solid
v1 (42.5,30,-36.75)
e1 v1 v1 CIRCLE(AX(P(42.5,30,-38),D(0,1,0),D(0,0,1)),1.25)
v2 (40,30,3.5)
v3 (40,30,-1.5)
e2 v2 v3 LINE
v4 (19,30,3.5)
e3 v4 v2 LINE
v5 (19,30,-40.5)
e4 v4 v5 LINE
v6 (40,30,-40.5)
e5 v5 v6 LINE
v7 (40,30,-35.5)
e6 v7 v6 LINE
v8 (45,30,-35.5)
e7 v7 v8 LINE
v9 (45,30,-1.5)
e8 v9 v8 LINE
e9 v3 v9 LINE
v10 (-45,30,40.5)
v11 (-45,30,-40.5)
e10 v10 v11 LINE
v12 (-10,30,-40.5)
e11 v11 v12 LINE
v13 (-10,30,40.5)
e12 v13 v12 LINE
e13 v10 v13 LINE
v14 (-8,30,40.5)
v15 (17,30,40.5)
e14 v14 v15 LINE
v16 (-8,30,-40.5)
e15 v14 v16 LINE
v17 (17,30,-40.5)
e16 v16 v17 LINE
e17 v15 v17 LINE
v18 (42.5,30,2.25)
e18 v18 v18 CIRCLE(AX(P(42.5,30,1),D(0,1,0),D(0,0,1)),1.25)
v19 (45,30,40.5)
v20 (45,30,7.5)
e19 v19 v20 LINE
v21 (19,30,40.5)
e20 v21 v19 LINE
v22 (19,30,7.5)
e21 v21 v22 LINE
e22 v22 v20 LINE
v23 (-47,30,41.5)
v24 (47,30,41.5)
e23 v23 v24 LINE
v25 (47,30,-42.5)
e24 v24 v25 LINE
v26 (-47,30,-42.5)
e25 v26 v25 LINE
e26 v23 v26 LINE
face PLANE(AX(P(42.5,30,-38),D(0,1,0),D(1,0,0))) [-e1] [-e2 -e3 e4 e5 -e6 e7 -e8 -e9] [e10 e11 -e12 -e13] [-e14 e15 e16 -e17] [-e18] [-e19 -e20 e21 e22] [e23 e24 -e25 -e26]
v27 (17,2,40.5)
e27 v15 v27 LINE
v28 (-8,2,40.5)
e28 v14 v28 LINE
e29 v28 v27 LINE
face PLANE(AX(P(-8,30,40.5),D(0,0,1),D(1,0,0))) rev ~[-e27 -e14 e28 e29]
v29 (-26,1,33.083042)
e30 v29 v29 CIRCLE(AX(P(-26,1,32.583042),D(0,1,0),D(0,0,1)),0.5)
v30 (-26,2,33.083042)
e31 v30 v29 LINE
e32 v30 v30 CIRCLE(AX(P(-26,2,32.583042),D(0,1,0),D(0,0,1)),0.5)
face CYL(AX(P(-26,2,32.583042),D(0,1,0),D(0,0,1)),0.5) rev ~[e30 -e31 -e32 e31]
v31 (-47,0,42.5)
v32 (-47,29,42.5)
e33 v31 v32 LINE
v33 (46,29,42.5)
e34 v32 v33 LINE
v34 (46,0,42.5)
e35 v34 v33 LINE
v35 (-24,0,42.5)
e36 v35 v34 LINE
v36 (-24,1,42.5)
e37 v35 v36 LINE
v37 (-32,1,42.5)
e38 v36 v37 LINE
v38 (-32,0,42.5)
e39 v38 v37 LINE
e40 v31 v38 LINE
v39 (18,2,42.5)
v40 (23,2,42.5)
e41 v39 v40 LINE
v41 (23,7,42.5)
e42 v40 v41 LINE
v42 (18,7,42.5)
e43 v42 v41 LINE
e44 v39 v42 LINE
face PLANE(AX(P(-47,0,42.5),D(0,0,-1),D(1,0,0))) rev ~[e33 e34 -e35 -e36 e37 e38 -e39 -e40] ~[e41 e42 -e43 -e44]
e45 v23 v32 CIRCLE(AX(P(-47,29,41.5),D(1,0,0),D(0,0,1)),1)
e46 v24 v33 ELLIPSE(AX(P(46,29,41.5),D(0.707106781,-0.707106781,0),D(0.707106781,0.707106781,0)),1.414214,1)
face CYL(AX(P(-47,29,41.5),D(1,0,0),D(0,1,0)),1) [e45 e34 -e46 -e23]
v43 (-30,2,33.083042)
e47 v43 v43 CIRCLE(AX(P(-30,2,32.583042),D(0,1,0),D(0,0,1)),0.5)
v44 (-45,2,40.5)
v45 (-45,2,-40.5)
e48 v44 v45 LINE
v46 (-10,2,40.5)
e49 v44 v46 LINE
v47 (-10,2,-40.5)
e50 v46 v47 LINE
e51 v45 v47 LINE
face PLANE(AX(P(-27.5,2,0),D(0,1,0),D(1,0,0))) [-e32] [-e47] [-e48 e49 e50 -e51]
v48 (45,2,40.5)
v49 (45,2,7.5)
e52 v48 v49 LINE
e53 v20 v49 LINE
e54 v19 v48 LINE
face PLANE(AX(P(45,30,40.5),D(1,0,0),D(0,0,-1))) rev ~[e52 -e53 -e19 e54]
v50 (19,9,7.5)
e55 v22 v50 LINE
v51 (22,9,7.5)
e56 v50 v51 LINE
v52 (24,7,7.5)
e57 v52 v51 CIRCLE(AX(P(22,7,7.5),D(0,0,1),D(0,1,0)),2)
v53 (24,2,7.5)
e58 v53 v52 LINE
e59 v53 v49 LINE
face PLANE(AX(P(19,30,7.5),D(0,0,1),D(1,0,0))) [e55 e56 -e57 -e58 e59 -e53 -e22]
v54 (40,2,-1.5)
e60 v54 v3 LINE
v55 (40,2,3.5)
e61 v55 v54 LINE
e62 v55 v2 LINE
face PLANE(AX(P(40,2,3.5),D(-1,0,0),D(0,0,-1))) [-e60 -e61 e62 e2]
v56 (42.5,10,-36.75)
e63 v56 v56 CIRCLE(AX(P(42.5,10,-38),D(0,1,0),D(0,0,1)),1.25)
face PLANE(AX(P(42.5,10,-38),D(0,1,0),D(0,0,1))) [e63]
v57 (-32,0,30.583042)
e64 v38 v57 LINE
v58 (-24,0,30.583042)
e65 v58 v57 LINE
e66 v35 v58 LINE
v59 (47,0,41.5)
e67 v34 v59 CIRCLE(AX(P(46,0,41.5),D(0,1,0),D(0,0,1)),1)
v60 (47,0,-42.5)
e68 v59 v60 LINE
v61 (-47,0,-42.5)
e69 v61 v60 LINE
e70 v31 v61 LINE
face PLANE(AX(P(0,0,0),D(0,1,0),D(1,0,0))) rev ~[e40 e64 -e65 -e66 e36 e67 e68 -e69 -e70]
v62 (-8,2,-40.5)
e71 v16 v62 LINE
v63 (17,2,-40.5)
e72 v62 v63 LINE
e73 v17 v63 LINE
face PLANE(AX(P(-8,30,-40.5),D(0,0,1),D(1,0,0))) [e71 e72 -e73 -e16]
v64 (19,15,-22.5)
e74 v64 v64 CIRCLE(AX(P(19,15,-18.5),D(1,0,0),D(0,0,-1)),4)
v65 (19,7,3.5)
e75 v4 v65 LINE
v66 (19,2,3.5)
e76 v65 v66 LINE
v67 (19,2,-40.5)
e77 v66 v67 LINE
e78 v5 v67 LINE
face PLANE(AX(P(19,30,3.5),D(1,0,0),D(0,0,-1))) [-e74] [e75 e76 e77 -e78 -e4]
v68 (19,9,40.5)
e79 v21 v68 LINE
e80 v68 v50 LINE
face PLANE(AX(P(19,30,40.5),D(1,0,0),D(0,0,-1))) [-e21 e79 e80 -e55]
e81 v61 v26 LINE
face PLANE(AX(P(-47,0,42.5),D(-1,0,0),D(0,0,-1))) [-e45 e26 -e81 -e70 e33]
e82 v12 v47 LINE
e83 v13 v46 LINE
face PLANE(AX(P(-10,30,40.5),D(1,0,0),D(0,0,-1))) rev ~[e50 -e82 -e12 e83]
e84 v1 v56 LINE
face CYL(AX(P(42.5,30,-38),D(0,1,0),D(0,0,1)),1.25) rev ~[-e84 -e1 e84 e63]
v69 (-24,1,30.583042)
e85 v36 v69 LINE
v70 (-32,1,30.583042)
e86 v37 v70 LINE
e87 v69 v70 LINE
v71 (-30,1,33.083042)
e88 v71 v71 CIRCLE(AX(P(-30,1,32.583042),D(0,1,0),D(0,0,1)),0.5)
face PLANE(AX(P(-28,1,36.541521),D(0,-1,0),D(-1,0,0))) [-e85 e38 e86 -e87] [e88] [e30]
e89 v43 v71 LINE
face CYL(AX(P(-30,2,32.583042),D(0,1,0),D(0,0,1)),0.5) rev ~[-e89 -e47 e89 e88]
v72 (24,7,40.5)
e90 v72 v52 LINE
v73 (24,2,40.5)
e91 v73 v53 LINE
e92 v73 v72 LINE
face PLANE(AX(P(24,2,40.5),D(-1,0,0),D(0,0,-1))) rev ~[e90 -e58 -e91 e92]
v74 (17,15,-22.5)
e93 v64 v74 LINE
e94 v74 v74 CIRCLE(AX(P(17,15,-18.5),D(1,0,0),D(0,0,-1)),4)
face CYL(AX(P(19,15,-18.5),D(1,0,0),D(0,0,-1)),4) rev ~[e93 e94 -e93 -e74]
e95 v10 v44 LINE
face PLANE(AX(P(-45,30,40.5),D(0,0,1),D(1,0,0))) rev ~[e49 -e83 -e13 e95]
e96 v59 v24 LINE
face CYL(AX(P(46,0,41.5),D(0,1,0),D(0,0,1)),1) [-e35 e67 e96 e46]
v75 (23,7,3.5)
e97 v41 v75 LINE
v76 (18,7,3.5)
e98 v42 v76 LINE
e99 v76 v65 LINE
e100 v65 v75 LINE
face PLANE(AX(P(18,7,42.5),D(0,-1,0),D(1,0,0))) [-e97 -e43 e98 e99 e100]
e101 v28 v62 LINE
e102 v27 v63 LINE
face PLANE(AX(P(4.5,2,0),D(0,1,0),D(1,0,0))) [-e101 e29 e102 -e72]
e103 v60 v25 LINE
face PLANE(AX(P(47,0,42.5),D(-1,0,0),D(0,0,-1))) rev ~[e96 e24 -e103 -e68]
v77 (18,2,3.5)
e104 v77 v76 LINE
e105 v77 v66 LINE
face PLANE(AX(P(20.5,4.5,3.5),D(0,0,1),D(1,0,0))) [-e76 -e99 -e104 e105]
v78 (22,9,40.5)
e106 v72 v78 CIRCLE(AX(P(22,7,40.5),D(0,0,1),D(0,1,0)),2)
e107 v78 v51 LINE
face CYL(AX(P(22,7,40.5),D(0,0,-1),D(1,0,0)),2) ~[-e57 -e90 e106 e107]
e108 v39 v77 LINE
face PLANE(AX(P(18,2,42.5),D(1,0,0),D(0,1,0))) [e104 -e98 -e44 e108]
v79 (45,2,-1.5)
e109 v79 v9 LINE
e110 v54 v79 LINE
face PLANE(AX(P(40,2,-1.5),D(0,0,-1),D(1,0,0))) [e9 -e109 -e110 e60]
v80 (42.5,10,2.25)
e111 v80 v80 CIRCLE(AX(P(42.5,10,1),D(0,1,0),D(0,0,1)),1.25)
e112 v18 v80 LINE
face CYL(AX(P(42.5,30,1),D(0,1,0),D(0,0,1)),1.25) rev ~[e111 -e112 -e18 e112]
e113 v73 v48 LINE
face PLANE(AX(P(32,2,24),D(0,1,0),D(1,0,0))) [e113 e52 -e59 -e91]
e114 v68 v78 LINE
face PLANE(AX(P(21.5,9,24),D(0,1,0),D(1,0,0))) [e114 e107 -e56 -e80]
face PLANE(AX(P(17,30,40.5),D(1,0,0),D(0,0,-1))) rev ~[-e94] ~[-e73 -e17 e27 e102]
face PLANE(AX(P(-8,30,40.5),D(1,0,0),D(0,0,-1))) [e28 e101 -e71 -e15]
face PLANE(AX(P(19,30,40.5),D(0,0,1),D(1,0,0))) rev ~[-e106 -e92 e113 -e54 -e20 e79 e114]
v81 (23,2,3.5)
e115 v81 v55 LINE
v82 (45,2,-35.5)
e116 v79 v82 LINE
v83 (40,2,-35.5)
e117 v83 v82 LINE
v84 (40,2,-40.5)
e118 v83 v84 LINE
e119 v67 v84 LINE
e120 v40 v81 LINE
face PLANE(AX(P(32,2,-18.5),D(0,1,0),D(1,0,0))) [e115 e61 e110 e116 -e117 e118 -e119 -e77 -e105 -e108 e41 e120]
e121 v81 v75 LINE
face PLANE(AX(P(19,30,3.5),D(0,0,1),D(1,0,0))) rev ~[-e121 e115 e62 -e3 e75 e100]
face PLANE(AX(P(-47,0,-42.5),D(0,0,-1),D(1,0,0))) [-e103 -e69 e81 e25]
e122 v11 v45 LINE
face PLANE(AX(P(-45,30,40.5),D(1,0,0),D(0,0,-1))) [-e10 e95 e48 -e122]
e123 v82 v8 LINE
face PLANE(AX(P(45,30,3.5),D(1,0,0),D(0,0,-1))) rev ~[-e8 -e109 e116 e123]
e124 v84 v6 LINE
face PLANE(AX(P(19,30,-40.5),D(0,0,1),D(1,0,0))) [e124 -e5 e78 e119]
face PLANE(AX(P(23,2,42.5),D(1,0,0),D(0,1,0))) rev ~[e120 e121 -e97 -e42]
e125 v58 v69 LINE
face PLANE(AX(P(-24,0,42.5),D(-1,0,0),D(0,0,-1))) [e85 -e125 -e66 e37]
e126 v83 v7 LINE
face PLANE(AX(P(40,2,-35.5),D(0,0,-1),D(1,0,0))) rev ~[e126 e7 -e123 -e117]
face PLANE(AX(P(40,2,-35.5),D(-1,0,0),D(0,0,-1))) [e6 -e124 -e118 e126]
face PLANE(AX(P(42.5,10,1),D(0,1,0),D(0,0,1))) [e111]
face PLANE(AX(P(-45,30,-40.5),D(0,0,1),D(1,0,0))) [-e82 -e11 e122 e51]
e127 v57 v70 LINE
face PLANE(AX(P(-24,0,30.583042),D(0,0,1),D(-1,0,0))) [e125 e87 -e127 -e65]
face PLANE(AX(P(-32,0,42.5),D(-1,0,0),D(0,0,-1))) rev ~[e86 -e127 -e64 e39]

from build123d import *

# Parameters (mm, degrees)
SKETCH1_W           = 94
SKETCH1_H           = 85
BOSS_EXTRUDE1_DEPTH = 30
SKETCH2_W           = 35
SKETCH2_H           = 81
SKETCH2_W_2         = 25
SKETCH2_W_3         = 26
SKETCH2_H_2         = 33
SKETCH2_H_3         = 44
CUT_EXTRUDE1_DEPTH  = 28
SKETCH3_R           = 0.5
CUT_EXTRUDE2_DEPTH  = 28
SKETCH4_W           = 8
SKETCH4_H           = 11.916957973
CUT_EXTRUDE3_DEPTH  = 1
SKETCH5_R           = 4
CUT_EXTRUDE4_DEPTH  = 2
SKETCH6_W           = 5
SKETCH6_H           = 5
BOSS_EXTRUDE3_DEPTH = 28
SKETCH7_R           = 1.25
CUT_EXTRUDE5_DEPTH  = 20
FILLET1_R           = 1
SKETCH9_W           = 5
SKETCH9_H           = 33
BOSS_EXTRUDE4_DEPTH = 7
SKETCH10_W          = 5
SKETCH10_H          = 5
CUT_EXTRUDE7_DEPTH  = 39
FILLET3_R           = 2


with BuildPart() as part:
    # Sketch1 → Boss-Extrude1 (new body)
    with BuildSketch(Plane(origin=(0, 0, 0), x_dir=(1, 0, 0), z_dir=(0, 1, 0))):
        Rectangle(SKETCH1_W, SKETCH1_H)
    extrude(amount=BOSS_EXTRUDE1_DEPTH)

    # Sketch2 → Cut-Extrude1 (cut)
    with BuildSketch(Plane(origin=(0, 30, 0), x_dir=(1, 0, 0), z_dir=(0, 1, 0))):
        with Locations((-27.5, 0)):
            Rectangle(SKETCH2_W, SKETCH2_H)
        with Locations((4.5, 0)):
            Rectangle(SKETCH2_W_2, SKETCH2_H)
        with Locations((32, -24)):
            Rectangle(SKETCH2_W_3, SKETCH2_H_2)
        with Locations((32, 18.5)):
            Rectangle(SKETCH2_W_3, SKETCH2_H_3)
    extrude(amount=-CUT_EXTRUDE1_DEPTH, mode=Mode.SUBTRACT)

    # Sketch3 → Cut-Extrude2 (cut)
    with BuildSketch(Plane(origin=(0, 2, 0), x_dir=(1, 0, 0), z_dir=(0, 1, 0))):
        with Locations(Location((-30, -32.583042027, 0), (0, 0, 270))):
            Circle(SKETCH3_R)
        with Locations(Location((-26, -32.583042027, 0), (0, 0, 270))):
            Circle(SKETCH3_R)
    extrude(amount=-CUT_EXTRUDE2_DEPTH, mode=Mode.SUBTRACT)

    # Sketch4 → Cut-Extrude3 (cut)
    with BuildSketch(Plane(origin=(0, 0, 0), x_dir=(-1, 0, 0), z_dir=(0, -1, 0))):
        with Locations((28, -36.541521014)):
            Rectangle(SKETCH4_W, SKETCH4_H)
    extrude(amount=-CUT_EXTRUDE3_DEPTH, mode=Mode.SUBTRACT)

    # Sketch5 → Cut-Extrude4 (cut)
    with BuildSketch(Plane(origin=(19, 0, 0), x_dir=(0, 0, -1), z_dir=(1, 0, 0))):
        with Locations((18.5, 15)):
            Circle(SKETCH5_R)
    extrude(amount=-CUT_EXTRUDE4_DEPTH, mode=Mode.SUBTRACT)

    # Sketch6 → Boss-Extrude3 (add)
    with BuildSketch(Plane(origin=(0, 2, 0), x_dir=(1, 0, 0), z_dir=(0, 1, 0))):
        with Locations((42.5, 38)):
            Rectangle(SKETCH6_W, SKETCH6_H)
        with Locations((42.5, -1)):
            Rectangle(SKETCH6_W, SKETCH6_H)
    extrude(amount=BOSS_EXTRUDE3_DEPTH)

    # Sketch7 → Cut-Extrude5 (cut)
    with BuildSketch(Plane(origin=(0, 30, 0), x_dir=(1, 0, 0), z_dir=(0, 1, 0))):
        with Locations(Location((42.5, 38, 0), (0, 0, 270))):
            Circle(SKETCH7_R)
        with Locations(Location((42.5, -1, 0), (0, 0, 270))):
            Circle(SKETCH7_R)
    extrude(amount=-CUT_EXTRUDE5_DEPTH, mode=Mode.SUBTRACT)

    # Fillet1
    fillet1_edges = [part.edges().sort_by_distance(p)[0] for p in [
        (0, 30, 42.5),
        (47, 15, 42.5),
    ]]
    fillet(fillet1_edges, radius=FILLET1_R)

    # Sketch9 → Boss-Extrude4 (add)
    with BuildSketch(Plane(origin=(0, 2, 0), x_dir=(1, 0, 0), z_dir=(0, 1, 0))):
        with Locations((21.5, -24)):
            Rectangle(SKETCH9_W, SKETCH9_H)
    extrude(amount=BOSS_EXTRUDE4_DEPTH)

    # Sketch10 → Cut-Extrude7 (cut)
    with BuildSketch(Plane.XY.offset(42.5)):
        with Locations((20.5, 4.5)):
            Rectangle(SKETCH10_W, SKETCH10_H)
    extrude(amount=-CUT_EXTRUDE7_DEPTH, mode=Mode.SUBTRACT)

    # Fillet3
    fillet3_edges = [part.edges().sort_by_distance(p)[0] for p in [
        (24, 9, 24),
    ]]
    fillet(fillet3_edges, radius=FILLET3_R)


solid = part.part
